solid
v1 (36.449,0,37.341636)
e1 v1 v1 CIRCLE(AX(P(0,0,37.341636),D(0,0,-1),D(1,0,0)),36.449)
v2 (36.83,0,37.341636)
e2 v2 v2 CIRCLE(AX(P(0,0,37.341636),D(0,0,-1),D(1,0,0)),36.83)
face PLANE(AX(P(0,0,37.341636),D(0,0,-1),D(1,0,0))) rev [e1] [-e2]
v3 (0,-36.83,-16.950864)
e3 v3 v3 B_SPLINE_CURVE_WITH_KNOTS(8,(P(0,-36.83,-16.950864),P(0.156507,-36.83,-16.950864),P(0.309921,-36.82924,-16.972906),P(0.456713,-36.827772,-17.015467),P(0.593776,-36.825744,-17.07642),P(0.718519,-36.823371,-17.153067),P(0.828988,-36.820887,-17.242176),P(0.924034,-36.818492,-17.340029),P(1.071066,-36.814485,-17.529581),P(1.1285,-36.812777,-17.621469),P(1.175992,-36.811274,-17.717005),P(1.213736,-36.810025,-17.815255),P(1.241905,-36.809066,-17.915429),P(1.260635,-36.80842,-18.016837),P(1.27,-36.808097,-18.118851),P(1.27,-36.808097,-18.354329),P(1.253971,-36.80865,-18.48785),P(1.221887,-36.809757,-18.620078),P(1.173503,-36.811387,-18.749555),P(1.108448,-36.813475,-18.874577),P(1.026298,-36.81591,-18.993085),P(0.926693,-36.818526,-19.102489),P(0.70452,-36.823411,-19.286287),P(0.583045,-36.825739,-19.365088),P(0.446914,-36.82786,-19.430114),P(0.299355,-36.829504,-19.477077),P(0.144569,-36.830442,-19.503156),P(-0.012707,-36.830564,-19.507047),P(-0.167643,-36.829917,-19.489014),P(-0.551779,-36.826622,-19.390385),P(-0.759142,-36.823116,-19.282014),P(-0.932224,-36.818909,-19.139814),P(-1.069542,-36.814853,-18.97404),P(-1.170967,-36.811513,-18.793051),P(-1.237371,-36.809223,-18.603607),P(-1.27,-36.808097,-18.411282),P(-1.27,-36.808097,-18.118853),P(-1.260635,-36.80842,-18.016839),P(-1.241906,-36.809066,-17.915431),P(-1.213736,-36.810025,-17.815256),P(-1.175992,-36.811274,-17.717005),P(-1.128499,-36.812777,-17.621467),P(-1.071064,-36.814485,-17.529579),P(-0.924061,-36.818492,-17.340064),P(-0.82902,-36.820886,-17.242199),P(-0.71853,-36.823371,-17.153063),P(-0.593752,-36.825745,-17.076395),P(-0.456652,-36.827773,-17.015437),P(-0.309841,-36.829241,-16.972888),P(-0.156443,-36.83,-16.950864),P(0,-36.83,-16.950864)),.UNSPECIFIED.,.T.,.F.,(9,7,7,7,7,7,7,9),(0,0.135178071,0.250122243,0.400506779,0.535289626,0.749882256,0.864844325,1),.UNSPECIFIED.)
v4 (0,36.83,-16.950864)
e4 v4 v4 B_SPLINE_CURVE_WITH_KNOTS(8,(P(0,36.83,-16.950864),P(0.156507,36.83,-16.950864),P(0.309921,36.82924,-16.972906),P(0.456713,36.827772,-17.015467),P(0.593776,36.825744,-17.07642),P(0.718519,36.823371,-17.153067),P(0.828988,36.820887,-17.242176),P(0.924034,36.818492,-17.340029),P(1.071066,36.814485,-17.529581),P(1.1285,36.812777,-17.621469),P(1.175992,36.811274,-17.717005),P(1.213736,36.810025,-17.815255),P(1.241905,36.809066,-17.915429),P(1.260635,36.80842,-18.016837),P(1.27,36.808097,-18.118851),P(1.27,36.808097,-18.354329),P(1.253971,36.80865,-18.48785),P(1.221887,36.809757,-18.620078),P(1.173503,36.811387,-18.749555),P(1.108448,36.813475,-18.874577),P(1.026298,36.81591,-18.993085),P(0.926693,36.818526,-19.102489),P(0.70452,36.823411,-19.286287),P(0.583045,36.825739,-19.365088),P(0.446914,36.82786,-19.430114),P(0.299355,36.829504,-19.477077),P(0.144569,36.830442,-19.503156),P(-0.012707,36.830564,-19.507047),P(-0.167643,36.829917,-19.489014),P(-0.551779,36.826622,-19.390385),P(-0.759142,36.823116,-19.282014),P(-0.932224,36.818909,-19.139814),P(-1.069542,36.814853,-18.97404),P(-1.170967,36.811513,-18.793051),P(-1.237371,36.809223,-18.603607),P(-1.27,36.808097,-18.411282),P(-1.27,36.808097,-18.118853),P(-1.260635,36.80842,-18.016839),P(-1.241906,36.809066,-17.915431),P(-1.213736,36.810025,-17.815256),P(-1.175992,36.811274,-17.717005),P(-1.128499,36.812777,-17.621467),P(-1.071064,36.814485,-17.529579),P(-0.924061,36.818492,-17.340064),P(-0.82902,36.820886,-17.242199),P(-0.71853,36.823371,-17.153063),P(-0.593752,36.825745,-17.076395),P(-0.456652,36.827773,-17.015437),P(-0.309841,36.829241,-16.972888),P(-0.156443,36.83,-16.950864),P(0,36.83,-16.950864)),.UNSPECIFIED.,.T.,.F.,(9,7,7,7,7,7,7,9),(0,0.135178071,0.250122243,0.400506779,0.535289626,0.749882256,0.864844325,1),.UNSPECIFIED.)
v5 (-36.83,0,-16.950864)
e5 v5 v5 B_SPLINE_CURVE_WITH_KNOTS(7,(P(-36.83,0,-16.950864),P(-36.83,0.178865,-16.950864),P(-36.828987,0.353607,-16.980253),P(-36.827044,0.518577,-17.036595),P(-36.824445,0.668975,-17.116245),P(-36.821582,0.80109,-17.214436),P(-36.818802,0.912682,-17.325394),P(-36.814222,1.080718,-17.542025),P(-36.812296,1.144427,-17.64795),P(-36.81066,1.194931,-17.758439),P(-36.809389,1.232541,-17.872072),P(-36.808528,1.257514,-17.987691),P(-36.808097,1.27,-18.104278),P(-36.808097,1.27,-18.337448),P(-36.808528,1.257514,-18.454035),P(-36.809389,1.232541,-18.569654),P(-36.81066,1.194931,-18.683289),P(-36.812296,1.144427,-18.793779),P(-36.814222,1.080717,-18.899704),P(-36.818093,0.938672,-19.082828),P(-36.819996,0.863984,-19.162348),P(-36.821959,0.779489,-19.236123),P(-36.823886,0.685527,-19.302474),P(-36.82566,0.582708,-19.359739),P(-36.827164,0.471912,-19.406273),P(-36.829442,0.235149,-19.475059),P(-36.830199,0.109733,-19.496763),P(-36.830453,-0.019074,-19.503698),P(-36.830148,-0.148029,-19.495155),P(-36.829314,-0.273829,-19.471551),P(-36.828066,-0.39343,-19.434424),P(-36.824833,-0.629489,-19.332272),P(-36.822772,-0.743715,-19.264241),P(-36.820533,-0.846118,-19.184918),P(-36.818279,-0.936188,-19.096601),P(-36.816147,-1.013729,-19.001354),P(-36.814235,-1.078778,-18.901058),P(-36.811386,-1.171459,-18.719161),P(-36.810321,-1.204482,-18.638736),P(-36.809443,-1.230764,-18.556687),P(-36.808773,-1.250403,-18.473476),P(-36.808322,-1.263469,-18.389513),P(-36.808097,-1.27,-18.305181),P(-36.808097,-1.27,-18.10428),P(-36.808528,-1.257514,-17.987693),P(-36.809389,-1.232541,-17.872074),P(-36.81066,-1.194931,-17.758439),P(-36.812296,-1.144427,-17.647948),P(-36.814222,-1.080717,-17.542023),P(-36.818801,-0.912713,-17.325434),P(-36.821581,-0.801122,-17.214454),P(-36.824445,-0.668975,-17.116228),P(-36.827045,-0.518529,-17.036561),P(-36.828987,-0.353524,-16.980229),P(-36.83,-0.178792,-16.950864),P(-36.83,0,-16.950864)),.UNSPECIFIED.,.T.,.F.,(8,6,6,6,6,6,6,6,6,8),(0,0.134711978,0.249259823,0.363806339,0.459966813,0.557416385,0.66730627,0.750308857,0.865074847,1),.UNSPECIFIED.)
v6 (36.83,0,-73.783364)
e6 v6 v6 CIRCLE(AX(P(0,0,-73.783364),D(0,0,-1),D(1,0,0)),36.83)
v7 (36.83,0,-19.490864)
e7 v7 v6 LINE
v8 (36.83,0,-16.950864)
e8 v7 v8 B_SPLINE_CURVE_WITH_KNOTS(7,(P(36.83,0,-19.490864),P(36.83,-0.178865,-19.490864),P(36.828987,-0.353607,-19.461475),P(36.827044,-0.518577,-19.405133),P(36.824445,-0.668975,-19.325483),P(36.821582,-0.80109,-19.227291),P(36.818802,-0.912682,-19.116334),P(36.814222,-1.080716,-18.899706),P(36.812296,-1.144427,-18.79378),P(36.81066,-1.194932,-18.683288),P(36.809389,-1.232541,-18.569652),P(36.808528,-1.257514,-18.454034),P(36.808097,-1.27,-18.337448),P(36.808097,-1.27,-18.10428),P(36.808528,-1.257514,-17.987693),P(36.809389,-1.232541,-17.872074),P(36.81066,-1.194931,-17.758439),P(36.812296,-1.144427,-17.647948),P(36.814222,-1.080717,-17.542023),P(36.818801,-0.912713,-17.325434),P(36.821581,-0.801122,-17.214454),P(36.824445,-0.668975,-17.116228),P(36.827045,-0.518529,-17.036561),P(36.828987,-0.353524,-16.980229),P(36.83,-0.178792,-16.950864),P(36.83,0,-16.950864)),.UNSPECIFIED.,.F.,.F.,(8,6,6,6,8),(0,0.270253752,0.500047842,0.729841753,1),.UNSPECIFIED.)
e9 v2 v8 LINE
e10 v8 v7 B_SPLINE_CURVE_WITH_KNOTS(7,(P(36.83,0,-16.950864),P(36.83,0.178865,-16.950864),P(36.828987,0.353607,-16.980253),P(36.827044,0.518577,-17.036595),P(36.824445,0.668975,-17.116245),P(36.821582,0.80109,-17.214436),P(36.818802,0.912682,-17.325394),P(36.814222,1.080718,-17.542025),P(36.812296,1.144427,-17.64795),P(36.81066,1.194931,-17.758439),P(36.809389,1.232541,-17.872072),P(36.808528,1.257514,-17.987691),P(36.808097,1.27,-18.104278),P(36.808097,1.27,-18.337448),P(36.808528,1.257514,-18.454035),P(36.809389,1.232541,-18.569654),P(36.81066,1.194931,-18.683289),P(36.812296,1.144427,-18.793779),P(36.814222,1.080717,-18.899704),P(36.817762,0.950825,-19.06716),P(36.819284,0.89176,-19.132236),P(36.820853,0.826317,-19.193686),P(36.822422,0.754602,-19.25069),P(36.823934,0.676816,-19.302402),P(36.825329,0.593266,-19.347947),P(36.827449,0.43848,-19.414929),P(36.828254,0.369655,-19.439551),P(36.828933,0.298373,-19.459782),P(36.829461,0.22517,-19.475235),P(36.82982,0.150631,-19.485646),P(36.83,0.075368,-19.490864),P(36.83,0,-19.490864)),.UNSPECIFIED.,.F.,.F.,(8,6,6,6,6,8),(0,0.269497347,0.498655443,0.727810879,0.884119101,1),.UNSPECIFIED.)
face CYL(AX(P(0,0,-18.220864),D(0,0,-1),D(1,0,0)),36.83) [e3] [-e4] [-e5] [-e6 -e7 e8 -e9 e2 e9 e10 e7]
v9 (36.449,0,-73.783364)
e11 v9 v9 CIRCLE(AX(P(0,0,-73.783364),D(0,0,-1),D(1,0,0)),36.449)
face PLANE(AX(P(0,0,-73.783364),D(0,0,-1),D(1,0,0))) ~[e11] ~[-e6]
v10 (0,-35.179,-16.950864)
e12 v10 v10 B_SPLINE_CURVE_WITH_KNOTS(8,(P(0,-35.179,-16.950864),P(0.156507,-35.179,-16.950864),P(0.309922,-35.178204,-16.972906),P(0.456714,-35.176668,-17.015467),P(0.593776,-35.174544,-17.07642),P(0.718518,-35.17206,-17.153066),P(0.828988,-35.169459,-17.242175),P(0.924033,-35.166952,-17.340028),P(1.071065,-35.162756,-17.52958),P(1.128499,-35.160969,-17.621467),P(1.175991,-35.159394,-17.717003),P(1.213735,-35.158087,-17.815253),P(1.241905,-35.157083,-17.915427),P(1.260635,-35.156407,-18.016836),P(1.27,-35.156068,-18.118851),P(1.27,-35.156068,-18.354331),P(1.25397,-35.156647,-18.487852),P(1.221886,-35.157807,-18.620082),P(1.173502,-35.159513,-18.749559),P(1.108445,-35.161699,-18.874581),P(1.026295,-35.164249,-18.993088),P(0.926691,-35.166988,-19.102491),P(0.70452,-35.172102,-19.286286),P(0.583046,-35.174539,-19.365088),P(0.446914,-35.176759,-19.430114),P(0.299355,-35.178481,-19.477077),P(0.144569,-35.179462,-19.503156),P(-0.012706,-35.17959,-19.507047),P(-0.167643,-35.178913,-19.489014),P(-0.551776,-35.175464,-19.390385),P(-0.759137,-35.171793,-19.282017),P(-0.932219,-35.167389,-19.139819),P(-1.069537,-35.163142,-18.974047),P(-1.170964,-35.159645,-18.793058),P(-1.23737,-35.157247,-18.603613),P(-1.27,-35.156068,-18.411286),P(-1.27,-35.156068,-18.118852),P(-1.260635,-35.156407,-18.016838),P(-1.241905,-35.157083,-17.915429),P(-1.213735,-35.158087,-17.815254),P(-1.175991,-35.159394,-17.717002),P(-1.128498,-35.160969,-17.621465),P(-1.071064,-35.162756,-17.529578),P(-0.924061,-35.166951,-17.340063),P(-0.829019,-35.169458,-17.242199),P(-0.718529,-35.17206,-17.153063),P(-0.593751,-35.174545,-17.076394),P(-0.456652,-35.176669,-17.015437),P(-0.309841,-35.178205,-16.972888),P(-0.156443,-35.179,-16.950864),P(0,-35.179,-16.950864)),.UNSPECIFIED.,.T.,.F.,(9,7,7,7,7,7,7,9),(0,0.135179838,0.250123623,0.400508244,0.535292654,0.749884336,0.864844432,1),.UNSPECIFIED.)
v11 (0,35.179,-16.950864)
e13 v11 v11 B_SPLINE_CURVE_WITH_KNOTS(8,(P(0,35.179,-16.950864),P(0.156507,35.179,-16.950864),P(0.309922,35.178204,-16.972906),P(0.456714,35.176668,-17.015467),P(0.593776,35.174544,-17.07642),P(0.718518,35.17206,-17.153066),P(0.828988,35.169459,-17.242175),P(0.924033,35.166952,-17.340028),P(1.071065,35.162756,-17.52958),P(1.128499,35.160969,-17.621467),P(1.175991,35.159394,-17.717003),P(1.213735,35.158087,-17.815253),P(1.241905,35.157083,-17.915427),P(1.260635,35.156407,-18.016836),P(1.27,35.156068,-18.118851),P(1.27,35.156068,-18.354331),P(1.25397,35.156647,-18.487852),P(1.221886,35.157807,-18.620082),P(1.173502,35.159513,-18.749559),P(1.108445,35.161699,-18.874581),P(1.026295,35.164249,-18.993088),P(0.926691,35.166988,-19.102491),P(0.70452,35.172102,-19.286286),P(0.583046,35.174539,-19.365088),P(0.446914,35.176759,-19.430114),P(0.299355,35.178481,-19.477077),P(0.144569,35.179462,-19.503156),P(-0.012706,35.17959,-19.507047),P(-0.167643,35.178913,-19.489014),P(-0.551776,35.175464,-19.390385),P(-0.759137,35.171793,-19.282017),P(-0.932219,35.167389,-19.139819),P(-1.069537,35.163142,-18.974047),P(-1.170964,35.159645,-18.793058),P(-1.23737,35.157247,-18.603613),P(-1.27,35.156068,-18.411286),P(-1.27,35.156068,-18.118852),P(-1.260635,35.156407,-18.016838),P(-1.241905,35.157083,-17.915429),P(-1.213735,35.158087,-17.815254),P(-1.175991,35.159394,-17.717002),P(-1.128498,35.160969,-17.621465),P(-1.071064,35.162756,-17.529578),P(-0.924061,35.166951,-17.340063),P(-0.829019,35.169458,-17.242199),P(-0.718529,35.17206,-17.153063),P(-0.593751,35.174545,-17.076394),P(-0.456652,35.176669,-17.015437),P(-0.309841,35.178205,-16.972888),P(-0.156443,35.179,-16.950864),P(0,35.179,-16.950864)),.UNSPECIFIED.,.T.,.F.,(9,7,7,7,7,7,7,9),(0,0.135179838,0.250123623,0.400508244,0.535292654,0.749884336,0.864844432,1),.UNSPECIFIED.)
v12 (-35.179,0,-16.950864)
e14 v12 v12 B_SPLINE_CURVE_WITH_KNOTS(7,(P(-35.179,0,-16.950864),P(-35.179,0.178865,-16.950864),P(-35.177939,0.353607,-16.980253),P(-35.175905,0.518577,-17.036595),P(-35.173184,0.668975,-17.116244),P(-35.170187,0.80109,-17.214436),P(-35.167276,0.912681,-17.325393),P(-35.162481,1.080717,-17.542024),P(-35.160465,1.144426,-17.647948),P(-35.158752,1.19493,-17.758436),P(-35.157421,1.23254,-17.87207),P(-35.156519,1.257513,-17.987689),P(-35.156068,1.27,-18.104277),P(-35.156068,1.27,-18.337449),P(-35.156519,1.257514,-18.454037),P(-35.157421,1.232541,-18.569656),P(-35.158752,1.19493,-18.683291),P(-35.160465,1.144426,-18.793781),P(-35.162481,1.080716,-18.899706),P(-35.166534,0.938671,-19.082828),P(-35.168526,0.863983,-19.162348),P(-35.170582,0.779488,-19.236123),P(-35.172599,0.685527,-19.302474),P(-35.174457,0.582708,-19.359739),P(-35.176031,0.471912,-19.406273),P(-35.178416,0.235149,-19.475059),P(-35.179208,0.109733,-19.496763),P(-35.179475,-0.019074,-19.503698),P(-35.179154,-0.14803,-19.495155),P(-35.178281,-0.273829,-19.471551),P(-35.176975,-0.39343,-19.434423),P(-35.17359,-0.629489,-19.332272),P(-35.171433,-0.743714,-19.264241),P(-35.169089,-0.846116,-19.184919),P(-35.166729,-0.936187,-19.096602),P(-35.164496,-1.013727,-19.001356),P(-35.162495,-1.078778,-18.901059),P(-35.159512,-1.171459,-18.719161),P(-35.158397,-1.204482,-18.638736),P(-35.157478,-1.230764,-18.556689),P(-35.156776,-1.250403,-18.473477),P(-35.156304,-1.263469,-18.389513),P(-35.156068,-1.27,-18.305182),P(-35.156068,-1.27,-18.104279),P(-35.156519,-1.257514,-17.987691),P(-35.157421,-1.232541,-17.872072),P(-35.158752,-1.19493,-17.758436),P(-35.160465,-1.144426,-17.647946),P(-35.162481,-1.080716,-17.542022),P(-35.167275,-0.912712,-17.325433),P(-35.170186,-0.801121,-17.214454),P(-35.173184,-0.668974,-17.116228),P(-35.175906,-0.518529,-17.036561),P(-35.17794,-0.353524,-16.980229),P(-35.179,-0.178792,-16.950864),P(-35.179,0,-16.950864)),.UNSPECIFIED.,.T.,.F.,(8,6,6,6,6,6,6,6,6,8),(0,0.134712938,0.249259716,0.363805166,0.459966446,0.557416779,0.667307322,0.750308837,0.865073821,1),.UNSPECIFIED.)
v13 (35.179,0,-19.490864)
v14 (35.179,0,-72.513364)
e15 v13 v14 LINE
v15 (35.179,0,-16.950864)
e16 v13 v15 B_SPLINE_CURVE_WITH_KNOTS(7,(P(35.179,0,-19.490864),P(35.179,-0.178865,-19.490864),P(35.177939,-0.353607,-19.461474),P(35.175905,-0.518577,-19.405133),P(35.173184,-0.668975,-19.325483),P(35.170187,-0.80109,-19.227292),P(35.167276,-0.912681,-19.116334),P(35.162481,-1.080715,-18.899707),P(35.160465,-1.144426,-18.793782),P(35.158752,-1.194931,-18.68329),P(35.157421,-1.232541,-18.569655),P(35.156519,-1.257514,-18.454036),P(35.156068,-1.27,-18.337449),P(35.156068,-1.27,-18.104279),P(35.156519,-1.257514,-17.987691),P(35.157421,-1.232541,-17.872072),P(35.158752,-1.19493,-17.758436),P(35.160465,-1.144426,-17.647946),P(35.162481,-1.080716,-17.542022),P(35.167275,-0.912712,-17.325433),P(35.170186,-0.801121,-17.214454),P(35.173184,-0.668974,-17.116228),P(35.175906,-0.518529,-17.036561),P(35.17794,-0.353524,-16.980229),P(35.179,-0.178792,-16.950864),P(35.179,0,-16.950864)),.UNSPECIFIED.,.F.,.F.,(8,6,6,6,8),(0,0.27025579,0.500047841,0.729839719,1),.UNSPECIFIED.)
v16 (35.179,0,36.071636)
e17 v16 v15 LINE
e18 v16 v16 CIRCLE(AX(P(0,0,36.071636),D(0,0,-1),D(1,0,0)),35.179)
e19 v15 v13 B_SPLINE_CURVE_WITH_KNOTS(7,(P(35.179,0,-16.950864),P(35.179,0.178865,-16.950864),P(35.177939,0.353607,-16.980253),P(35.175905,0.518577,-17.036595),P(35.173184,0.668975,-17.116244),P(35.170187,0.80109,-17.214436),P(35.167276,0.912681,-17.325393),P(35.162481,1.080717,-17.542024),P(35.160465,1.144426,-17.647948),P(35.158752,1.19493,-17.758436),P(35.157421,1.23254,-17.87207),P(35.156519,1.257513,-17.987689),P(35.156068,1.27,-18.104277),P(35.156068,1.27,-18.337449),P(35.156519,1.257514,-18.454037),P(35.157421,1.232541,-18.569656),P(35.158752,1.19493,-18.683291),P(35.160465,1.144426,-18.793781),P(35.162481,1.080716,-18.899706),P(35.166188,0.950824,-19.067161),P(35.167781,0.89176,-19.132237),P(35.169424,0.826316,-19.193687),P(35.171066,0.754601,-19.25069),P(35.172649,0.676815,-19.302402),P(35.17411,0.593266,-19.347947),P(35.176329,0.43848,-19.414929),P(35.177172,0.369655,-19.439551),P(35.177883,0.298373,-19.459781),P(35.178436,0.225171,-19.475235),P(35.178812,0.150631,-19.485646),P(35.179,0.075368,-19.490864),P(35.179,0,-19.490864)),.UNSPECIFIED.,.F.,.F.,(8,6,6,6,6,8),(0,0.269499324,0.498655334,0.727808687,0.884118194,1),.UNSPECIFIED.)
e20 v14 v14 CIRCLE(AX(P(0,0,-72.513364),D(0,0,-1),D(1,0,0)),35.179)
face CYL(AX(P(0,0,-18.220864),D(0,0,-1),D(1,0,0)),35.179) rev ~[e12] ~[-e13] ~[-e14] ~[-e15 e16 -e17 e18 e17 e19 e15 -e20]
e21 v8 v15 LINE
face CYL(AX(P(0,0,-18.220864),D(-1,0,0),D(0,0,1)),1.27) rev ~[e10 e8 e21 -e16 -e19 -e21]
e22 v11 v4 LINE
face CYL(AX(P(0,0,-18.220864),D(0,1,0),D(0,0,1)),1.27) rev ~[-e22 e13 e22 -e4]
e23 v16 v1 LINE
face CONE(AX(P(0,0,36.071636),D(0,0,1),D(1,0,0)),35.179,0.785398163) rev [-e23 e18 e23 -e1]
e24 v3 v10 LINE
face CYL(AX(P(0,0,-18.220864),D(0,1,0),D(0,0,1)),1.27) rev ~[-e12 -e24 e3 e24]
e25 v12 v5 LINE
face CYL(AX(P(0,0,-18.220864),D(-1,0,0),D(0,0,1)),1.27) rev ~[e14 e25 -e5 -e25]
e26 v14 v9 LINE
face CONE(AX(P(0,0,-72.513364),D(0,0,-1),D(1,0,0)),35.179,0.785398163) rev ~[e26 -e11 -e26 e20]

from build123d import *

# Parameters (mm, degrees)
SKETCH1_W         = 1.651
SKETCH1_H         = 111.125
CHAMFER1_SIZE     = 1.27
SKETCH3_R         = 1.27
VENTHOLES_DEPTH   = 91.315461444
CIRPATTERN1_COUNT = 2
CIRPATTERN1_ANGLE = 90


with BuildPart() as part:
    # Sketch1 → Revolve1 (revolve)
    with BuildSketch(Plane(origin=(0, 0, 0), x_dir=(1, 0, 0), z_dir=(0, 1, 0))):
        with Locations((36.0045, 18.220863815)):
            Rectangle(SKETCH1_W, SKETCH1_H)
    revolve(axis=Axis((0, 0, 37.341636185), (0, 0, -1)))

    # Chamfer1
    chamfer1_edges = [part.edges().sort_by_distance(p)[0] for p in [
        (-35.179, 0, 37.341636185),
        (-35.179, 0, -73.783363815),
    ]]
    chamfer(chamfer1_edges, length=CHAMFER1_SIZE)

    # Sketch3 → ventholes (cut, symmetric)
    with BuildSketch(Plane(origin=(0, 0, 0), x_dir=(1, 0, 0), z_dir=(0, 1, 0))):
        with Locations(Location((0, 18.220863815, 0), (0, 0, 270))):
            Circle(SKETCH3_R)
    ventholes = extrude(amount=VENTHOLES_DEPTH, both=True, mode=Mode.SUBTRACT)

    # CirPattern1: ventholes ×2 about axis
    cirpattern1_axis = Axis((0, 0, 37.341636185), (0, 0, 1))
    for i in range(1, CIRPATTERN1_COUNT):
        add(ventholes.rotate(cirpattern1_axis, i * CIRPATTERN1_ANGLE / (CIRPATTERN1_COUNT - 1)), mode=Mode.SUBTRACT)


solid = part.part
